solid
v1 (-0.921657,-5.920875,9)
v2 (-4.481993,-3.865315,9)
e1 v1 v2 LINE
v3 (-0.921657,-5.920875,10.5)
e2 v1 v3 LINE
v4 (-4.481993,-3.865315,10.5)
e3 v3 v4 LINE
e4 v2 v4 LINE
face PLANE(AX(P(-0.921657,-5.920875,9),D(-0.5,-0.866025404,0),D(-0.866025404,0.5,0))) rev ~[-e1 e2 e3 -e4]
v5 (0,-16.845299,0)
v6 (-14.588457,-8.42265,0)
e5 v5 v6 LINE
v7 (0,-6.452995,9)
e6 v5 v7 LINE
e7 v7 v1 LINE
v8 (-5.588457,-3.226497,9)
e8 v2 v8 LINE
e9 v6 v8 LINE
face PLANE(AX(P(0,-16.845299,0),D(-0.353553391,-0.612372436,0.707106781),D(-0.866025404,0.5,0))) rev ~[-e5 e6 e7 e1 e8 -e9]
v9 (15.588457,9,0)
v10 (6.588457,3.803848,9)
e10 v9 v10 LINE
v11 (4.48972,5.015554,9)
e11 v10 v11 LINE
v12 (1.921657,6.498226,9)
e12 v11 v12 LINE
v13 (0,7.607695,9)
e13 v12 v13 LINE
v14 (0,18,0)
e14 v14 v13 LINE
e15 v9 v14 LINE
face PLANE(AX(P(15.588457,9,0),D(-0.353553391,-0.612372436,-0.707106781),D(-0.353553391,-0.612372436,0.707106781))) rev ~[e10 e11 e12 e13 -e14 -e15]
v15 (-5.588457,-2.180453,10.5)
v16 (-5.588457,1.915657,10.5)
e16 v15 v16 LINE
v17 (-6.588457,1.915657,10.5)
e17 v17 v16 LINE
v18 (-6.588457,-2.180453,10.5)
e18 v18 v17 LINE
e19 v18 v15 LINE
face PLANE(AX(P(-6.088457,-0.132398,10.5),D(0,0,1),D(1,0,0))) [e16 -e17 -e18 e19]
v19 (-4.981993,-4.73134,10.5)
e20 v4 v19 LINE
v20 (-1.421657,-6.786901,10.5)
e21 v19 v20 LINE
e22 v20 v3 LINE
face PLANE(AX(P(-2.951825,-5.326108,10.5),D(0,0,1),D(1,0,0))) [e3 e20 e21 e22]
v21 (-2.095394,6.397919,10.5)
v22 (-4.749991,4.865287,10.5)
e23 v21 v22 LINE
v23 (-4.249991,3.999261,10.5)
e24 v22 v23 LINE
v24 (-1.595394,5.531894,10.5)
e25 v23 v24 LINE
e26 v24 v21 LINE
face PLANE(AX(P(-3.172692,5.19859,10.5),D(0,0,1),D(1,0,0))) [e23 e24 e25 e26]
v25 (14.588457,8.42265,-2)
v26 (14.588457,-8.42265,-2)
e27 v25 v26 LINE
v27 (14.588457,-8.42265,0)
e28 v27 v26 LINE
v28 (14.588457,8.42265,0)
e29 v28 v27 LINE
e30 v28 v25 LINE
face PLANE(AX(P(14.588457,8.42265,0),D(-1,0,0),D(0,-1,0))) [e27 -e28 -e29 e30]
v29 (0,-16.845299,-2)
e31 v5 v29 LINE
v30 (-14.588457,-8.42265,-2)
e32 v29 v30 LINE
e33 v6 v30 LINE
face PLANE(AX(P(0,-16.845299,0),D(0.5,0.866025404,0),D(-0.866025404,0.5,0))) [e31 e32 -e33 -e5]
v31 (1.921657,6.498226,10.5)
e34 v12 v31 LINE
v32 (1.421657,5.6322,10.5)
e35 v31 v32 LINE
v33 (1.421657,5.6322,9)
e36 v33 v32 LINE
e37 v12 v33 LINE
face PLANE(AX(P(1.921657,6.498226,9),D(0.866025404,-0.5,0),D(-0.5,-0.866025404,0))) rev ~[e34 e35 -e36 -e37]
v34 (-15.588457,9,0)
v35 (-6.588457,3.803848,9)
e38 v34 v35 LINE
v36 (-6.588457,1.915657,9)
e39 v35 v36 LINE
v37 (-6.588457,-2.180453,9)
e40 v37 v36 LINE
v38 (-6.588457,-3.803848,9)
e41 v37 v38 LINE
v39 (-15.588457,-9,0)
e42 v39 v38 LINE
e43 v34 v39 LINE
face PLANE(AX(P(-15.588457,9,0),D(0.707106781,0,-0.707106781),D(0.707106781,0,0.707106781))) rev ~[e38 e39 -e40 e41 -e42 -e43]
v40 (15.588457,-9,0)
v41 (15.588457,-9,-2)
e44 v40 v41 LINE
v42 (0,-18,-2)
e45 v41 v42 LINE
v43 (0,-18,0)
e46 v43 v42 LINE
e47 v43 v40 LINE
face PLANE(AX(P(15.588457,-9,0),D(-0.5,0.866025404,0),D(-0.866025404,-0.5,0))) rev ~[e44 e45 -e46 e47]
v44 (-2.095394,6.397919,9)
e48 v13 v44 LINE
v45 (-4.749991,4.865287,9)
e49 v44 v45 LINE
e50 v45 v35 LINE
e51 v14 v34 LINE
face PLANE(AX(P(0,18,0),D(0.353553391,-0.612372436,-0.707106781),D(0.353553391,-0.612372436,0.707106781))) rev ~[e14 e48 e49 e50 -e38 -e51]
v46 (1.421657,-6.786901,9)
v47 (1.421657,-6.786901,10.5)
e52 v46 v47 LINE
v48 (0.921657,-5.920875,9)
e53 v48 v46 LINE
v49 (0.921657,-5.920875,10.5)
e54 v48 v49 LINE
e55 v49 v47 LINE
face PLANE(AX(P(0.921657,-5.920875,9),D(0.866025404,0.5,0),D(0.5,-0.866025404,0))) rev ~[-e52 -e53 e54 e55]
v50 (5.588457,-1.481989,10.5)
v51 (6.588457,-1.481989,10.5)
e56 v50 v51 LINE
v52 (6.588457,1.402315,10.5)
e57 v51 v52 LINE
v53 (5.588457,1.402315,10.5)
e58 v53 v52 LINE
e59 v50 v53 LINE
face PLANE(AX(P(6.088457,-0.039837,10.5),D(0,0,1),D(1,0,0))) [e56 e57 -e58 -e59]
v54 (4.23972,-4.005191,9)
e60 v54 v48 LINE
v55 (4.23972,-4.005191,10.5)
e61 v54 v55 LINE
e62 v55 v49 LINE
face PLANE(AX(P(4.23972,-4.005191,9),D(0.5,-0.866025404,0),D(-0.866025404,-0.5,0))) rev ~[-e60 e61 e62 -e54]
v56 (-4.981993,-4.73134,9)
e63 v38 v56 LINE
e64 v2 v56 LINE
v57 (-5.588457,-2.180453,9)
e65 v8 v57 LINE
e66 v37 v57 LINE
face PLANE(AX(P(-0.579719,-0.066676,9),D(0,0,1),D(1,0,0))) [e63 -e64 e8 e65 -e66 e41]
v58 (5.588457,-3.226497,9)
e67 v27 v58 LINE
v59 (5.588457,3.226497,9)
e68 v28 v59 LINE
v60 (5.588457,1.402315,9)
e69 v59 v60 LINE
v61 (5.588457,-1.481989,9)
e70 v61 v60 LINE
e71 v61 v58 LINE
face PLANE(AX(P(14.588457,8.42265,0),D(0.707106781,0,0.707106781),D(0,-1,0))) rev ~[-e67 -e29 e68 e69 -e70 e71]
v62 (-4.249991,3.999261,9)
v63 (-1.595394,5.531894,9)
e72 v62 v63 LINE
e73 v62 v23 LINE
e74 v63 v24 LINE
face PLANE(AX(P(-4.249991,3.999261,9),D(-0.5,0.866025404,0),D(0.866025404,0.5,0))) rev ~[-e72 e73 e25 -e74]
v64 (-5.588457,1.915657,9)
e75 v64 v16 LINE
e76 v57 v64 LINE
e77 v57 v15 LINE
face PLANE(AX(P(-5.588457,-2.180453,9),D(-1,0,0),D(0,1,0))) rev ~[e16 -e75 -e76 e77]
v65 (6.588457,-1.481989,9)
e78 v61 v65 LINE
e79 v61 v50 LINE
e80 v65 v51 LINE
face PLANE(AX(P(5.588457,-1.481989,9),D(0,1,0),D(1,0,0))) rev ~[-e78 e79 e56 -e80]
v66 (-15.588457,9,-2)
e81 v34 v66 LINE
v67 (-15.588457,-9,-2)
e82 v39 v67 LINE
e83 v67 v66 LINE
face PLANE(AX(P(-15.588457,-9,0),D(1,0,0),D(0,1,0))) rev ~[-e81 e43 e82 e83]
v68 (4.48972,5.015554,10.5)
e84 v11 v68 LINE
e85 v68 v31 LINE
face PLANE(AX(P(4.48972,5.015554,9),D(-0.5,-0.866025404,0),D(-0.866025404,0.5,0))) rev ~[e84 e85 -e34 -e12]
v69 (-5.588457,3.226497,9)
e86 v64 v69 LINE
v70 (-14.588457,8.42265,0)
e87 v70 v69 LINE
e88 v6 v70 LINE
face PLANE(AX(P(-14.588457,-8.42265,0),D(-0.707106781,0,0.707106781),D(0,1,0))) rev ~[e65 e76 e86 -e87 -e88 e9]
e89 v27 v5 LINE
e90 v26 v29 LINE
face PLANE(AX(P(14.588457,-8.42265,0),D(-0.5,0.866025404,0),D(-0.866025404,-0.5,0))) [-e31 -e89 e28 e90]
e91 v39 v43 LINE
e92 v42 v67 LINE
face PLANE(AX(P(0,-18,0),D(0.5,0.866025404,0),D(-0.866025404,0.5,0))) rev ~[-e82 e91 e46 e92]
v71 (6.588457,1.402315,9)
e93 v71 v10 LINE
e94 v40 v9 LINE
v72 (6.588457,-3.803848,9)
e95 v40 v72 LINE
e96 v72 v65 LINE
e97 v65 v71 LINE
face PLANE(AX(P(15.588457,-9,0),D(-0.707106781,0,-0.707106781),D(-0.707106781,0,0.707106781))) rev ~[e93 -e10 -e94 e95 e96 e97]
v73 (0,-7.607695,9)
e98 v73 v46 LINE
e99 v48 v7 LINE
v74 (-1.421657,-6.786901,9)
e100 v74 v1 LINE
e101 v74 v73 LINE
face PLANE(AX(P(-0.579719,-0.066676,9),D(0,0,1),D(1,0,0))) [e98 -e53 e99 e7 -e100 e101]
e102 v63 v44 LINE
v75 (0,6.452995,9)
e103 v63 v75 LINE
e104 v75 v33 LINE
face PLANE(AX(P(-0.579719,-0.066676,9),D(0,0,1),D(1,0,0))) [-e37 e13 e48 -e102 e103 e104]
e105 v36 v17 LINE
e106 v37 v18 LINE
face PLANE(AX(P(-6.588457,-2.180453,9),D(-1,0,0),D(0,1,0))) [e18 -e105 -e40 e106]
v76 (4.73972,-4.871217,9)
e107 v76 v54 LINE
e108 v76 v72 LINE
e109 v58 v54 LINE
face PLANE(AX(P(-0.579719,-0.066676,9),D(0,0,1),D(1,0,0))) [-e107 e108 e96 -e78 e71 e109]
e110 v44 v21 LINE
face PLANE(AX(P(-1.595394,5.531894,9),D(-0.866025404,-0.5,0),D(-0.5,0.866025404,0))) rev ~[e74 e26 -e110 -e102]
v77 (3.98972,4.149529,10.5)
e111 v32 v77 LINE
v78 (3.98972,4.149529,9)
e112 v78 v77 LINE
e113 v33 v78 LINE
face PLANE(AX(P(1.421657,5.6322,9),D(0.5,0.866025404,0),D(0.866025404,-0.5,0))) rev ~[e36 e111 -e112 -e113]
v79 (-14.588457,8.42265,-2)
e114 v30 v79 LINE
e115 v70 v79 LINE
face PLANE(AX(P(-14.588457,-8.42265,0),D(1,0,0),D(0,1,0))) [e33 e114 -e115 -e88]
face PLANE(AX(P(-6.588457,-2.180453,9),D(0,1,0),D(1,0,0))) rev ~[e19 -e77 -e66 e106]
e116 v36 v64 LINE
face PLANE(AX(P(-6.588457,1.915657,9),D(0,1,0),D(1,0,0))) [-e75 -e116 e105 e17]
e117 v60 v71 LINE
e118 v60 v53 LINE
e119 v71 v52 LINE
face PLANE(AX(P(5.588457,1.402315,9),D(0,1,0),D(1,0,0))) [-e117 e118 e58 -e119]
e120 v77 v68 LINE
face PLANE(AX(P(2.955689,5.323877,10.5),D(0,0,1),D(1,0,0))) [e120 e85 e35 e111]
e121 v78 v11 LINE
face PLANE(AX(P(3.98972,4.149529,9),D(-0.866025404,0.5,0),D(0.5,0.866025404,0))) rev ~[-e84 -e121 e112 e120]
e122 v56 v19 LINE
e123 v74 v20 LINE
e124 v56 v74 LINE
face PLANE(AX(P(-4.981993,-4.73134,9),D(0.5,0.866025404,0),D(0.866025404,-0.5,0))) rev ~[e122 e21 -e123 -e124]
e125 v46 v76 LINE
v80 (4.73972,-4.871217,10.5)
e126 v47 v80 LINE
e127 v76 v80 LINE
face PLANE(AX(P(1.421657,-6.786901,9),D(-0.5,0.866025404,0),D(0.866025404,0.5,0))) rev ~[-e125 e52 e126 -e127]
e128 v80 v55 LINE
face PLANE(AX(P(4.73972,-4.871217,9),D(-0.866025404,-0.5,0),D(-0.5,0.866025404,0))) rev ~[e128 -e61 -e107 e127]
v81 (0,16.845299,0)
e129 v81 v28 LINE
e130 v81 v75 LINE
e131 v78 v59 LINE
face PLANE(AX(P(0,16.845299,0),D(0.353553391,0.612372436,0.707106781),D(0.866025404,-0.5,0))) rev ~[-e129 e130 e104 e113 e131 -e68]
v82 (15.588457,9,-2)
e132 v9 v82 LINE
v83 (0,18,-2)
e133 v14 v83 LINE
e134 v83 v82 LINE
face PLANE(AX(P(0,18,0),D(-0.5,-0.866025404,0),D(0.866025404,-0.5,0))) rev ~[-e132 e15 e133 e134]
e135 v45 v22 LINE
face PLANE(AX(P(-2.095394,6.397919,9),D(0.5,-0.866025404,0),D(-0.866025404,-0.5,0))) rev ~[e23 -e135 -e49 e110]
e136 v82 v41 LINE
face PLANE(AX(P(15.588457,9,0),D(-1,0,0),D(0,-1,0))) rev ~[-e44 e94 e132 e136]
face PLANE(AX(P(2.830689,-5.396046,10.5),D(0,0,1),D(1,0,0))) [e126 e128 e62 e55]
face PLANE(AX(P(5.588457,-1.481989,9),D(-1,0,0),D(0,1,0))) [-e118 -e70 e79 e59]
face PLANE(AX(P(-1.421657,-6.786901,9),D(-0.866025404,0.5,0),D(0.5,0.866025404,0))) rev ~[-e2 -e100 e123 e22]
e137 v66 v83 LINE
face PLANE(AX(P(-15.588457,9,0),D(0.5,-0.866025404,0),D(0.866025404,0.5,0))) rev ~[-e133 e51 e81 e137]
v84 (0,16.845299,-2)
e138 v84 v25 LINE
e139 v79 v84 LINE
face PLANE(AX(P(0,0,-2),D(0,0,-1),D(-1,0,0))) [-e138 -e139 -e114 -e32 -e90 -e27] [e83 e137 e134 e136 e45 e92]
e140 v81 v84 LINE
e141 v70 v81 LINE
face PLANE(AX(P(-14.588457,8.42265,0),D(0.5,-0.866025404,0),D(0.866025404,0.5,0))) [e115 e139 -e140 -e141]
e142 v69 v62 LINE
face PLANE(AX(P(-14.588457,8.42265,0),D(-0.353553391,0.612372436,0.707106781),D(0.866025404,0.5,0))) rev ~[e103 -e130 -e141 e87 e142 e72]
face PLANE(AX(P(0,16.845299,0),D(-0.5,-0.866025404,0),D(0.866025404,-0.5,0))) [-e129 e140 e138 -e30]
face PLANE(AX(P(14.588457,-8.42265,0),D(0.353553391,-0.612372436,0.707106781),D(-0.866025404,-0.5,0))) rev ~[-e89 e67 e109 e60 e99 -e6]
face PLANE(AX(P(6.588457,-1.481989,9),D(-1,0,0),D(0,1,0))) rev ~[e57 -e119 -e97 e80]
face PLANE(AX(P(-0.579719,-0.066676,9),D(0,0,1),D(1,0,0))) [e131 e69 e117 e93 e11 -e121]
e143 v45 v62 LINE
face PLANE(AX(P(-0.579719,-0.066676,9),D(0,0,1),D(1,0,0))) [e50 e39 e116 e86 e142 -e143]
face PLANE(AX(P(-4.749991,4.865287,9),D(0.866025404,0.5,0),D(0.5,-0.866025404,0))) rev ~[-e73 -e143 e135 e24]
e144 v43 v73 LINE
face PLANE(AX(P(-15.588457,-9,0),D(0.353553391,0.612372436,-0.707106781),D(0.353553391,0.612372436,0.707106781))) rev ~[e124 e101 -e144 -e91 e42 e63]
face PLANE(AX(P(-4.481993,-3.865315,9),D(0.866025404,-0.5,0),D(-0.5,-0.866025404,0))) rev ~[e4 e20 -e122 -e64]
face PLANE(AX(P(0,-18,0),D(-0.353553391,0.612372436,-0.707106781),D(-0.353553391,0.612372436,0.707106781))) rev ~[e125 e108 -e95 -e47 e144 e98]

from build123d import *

# Parameters (mm, degrees)
AUFSATZ_LINEAR_AUSTRAGEN1_DEPTH = 10
AUFSATZ_LINEAR_AUSTRAGEN1_TAPER = 45
SCHNITT_LINEAR_AUSTRAGEN1_DEPTH = 10
SCHNITT_LINEAR_AUSTRAGEN1_DRAFT = -45
SKIZZE4_W                       = 18.456831932
SKIZZE4_H                       = 18.61324181
SCHNITT_LINEAR_AUSTRAGEN2_DEPTH = 1
LINEAR_AUSTRAGEN_D_NN1_DEPTH    = 2
SKIZZE6_W                       = 1
SKIZZE6_H                       = 2.884303542
SKIZZE6_H_2                     = 4.096110591
AUFSATZ_LINEAR_AUSTRAGEN2_DEPTH = 1.5


with BuildPart() as part:
    # Skizze1 → Aufsatz-Linear austragen1 (new body)
    with BuildSketch(Plane.XY):
        Polygon((0, 18), (-15.588457268, 9), (-15.588457268, -9), (0, -18), (15.588457268, -9), (15.588457268, 9), align=None)
    extrude(amount=AUFSATZ_LINEAR_AUSTRAGEN1_DEPTH, taper=AUFSATZ_LINEAR_AUSTRAGEN1_TAPER)


with BuildPart() as schnitt_linear_austragen1_tool:
    # Skizze3 → Schnitt-Linear austragen1 (with draft: the straight prism first)
    with BuildSketch(Plane(origin=(0, 0, 0), x_dir=(-1, 0, 0), z_dir=(0, 0, -1))):
        Polygon((0, -16.845299462), (14.588457268, -8.422649731), (14.588457268, 8.422649731), (0, 16.845299462), (-14.588457268, 8.422649731), (-14.588457268, -8.422649731), align=None)
    extrude(amount=-SCHNITT_LINEAR_AUSTRAGEN1_DEPTH)
    # Schnitt-Linear austragen1: the draft: its side faces are tilted about the plane it starts from
    schnitt_linear_austragen1_sides = [schnitt_linear_austragen1_tool.faces().sort_by_distance(p)[0] for p in [
        (-7.294228634, -12.633974596, 5),
        (-14.588457268, 0, 5),
        (-7.294228634, 12.633974596, 5),
        (7.294228634, 12.633974596, 5),
        (14.588457268, 0, 5),
        (7.294228634, -12.633974596, 5),
    ]]
    draft(schnitt_linear_austragen1_sides, Plane(origin=(0, 0, 0), x_dir=(-1, 0, 0), z_dir=(0, 0, -1)), SCHNITT_LINEAR_AUSTRAGEN1_DRAFT)


with BuildPart() as part_1:
    add(part.part)

    # Schnitt-Linear austragen1: cut by schnitt_linear_austragen1_tool
    add(schnitt_linear_austragen1_tool.part, mode=Mode.SUBTRACT)

    # Skizze4 → Schnitt-Linear austragen2 (cut)
    with BuildSketch(Plane.XY.offset(10)):
        with Locations((-0.579719129, -0.066676412)):
            Rectangle(SKIZZE4_W, SKIZZE4_H)
    extrude(amount=-SCHNITT_LINEAR_AUSTRAGEN2_DEPTH, mode=Mode.SUBTRACT)

    # Skizze5 → Linear-Austragen-Dünn1 (add)
    with BuildSketch(Plane(origin=(0, 0, 0), x_dir=(-1, 0, 0), z_dir=(0, 0, -1))):
        Polygon((0, 18), (-15.588457268, 9), (-15.588457268, -9), (0, -18), (15.588457268, -9), (15.588457268, 9), align=None)
        Polygon((0, 16.845299462), (-14.588457268, 8.422649731), (-14.588457268, -8.422649731), (0, -16.845299462), (14.588457268, -8.422649731), (14.588457268, 8.422649731), align=None, mode=Mode.SUBTRACT)
    extrude(amount=LINEAR_AUSTRAGEN_D_NN1_DEPTH)

    # Skizze6 → Aufsatz-Linear austragen2 (add)
    with BuildSketch(Plane.XY.offset(9)):
        Polygon((-4.749990863, 4.865286651), (-4.249990863, 3.999261247), (-1.59539386, 5.531893541), (-2.09539386, 6.397918945), align=None)
        Polygon((1.921657415, 6.498225729), (1.421657415, 5.632200325), (3.989719656, 4.149528899), (4.489719656, 5.015554303), align=None)
        with Locations((6.088457268, -0.039837206)):
            Rectangle(SKIZZE6_W, SKIZZE6_H)
        Polygon((4.739719656, -4.871216735), (4.239719656, -4.005191332), (0.921657415, -5.92087546), (1.421657415, -6.786900863), align=None)
        Polygon((-1.421657415, -6.786900863), (-0.921657415, -5.92087546), (-4.48199319, -3.865314642), (-4.98199319, -4.731340045), align=None)
        with Locations((-6.088457268, -0.132397801)):
            Rectangle(SKIZZE6_W, SKIZZE6_H_2)
    extrude(amount=AUFSATZ_LINEAR_AUSTRAGEN2_DEPTH)


solid = part_1.part
